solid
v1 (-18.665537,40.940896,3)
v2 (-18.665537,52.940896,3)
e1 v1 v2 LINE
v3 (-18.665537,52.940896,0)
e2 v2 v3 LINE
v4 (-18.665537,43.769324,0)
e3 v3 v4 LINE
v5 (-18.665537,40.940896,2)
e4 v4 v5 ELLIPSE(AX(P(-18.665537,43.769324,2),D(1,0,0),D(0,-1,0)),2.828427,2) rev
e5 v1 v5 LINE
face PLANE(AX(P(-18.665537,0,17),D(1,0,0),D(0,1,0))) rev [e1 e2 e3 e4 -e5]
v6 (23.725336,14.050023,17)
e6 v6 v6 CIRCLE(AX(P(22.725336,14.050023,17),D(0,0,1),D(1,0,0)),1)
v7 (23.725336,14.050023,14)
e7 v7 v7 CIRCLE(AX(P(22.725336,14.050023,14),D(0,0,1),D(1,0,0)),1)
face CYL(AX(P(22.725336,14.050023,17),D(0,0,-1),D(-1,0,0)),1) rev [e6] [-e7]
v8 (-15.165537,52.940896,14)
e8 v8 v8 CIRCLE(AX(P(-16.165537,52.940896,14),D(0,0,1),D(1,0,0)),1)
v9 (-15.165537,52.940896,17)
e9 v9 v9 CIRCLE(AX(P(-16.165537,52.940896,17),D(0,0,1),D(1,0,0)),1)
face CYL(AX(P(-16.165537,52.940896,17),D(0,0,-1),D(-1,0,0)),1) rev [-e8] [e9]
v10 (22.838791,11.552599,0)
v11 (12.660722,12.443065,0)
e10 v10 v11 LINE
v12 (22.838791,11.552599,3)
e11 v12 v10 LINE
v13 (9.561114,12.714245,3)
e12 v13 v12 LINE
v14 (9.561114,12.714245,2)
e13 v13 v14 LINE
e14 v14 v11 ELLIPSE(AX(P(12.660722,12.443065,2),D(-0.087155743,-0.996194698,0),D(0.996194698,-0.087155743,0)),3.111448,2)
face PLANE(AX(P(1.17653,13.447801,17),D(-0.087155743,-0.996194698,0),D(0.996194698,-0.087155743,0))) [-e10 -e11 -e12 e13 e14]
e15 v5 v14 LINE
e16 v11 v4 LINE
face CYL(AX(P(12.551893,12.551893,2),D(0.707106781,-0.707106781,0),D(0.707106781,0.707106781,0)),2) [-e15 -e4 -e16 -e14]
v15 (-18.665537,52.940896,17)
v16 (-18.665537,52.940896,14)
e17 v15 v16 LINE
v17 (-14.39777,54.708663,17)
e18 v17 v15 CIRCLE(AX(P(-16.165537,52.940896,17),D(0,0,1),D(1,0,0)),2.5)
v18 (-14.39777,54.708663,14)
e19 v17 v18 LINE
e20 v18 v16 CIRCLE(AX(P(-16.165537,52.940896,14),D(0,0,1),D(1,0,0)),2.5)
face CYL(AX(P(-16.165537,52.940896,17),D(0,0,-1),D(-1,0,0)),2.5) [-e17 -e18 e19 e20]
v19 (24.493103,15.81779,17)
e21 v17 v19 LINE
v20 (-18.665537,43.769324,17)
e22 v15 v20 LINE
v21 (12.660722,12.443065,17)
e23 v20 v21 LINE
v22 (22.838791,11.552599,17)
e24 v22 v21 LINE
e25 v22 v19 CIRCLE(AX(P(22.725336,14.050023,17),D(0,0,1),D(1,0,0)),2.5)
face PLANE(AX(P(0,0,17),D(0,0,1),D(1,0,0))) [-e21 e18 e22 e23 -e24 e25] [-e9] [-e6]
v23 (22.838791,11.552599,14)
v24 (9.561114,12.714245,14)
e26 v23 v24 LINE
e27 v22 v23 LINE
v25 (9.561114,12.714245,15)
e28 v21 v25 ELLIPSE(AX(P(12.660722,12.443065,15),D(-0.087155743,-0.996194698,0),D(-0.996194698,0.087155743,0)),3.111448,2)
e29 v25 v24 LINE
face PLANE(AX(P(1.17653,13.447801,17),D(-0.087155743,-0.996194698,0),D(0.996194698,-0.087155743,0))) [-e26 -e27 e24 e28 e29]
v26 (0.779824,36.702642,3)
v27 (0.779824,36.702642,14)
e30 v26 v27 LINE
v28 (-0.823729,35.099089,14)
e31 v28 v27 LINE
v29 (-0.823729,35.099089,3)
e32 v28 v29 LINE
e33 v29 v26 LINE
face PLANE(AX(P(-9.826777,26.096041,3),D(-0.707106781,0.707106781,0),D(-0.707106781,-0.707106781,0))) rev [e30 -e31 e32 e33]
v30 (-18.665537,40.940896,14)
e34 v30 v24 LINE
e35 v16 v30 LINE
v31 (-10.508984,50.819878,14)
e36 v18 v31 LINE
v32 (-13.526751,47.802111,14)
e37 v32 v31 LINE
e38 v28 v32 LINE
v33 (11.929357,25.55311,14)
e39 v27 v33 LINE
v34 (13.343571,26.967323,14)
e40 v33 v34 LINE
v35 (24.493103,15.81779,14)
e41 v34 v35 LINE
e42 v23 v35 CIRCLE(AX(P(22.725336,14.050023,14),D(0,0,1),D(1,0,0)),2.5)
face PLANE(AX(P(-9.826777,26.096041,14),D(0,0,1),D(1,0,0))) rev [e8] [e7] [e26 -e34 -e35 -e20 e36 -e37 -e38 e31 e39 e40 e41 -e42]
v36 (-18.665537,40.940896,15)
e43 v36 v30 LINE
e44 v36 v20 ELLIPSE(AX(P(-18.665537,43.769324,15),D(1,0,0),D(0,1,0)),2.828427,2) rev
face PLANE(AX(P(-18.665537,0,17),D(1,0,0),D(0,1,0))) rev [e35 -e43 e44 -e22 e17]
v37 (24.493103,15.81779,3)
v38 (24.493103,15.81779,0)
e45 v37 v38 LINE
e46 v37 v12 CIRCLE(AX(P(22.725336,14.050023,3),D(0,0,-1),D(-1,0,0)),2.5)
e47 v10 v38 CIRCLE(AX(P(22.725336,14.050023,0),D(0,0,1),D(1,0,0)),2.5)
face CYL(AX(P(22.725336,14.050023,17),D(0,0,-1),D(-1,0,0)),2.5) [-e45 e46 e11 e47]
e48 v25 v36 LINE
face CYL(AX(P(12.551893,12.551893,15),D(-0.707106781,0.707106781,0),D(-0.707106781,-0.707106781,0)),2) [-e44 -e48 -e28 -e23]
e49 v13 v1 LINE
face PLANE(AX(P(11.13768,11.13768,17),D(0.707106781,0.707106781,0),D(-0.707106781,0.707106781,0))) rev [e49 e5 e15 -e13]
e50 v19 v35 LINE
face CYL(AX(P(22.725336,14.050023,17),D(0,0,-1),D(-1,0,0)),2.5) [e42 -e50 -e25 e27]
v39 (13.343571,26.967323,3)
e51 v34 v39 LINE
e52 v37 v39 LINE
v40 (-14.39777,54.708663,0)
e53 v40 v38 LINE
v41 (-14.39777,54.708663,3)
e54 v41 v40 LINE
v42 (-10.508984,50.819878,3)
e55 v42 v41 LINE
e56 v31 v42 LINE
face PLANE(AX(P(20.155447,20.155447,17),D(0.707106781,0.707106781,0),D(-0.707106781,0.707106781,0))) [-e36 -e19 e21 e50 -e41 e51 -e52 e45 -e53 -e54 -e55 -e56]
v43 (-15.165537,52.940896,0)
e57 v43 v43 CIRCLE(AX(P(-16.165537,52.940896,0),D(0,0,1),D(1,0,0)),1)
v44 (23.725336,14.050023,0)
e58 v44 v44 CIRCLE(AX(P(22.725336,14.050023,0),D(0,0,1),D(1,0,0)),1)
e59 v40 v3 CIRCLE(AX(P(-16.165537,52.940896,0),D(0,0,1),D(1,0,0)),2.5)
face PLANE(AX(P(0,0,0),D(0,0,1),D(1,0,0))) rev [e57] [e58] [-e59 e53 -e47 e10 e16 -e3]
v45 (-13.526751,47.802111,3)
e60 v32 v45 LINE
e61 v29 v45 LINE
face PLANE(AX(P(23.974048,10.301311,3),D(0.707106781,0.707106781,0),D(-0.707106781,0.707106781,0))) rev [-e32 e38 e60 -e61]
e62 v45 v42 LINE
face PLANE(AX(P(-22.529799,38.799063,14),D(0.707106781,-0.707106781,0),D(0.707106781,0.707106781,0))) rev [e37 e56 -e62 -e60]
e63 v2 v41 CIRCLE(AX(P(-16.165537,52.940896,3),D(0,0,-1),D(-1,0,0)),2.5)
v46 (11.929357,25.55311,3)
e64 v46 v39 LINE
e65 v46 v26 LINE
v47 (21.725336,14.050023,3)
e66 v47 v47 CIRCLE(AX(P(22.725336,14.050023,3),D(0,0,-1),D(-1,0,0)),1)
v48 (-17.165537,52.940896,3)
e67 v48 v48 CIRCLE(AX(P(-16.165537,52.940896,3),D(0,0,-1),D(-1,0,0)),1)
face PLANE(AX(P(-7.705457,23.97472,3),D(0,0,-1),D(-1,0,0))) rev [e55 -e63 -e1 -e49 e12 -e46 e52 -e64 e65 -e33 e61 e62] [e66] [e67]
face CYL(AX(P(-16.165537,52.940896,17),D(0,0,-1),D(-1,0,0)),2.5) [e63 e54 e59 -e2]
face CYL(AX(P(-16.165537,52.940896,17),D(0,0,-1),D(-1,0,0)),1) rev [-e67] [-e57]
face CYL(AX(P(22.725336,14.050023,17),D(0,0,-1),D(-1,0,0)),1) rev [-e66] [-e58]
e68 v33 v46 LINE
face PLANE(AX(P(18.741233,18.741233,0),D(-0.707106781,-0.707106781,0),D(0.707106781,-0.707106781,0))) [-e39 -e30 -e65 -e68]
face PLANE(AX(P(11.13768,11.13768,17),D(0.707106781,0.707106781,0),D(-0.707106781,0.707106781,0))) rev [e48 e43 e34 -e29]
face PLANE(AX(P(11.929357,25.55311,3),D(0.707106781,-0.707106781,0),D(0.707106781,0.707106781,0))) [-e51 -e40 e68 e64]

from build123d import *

# Parameters (mm, degrees)
SKETCH1_R           = 1
BOSS_EXTRUDE1_DEPTH = 17
SKETCH2_W           = 17.330300869
SKETCH2_H           = 11
CUT_EXTRUDE1_DEPTH  = 17
SKETCH3_W           = 11
SKETCH3_H           = 11.611712882
CUT_EXTRUDE2_DEPTH  = 64.45501819
SKETCH4_W           = 11
SKETCH4_H           = 15.767820388
BOSS_EXTRUDE2_DEPTH = 2
FILLET1_R           = 2


with BuildPart() as part:
    # Sketch1 → Boss-Extrude1 (new body)
    with BuildSketch(Plane.XY):
        with BuildLine():
            Line((-18.665536599, 40.94089641), (-5.023709167, 27.299068978))
            Line((-5.023709167, 27.299068978), (9.56111442, 12.714245391))
            Line((9.56111442, 12.714245391), (22.179931818, 11.610241922))
            Line((22.179931818, 11.610241922), (22.83879138, 11.552599179))
            ThreePointArc((22.83879138, 11.552599179), (25.056154475, 13.145984205), (24.49310332, 15.817790397))
            Line((24.49310332, 15.817790397), (5.517505351, 34.793388366))
            Line((5.517505351, 34.793388366), (-14.397769646, 54.708663363))
            ThreePointArc((-14.397769646, 54.708663363), (-17.12224518, 55.250595241), (-18.665536599, 52.94089641))
            Line((-18.665536599, 52.94089641), (-18.665536599, 40.94089641))
        make_face()
        with Locations((22.725336367, 14.050023445)):
            Circle(SKETCH1_R, mode=Mode.SUBTRACT)
        with Locations((-16.165536599, 52.94089641)):
            Circle(SKETCH1_R, mode=Mode.SUBTRACT)
    extrude(amount=BOSS_EXTRUDE1_DEPTH)

    # Sketch2 → Cut-Extrude1 (cut)
    with BuildSketch(Plane(origin=(20.155446858, 20.155446858, 0), x_dir=(0.7071067811865516, -0.7071067811865436, 0), z_dir=(0.7071067811865436, 0.7071067811865516, 0))):
        Polygon((-22.401268179, -3), (-25.401268179, -3), (-25.401268179, -14), (31.236683476, -14), (31.236683476, -3), align=None)
        with Locations((-52.031204615, -8.5)):
            Rectangle(SKETCH2_W, SKETCH2_H)
    extrude(amount=-CUT_EXTRUDE1_DEPTH, mode=Mode.SUBTRACT)

    # Sketch3 → Cut-Extrude2 (cut, through all)
    with BuildSketch(Plane(origin=(-30.664430984, 30.664430984, 0), x_dir=(0, 0, 1), z_dir=(-0.7071067811865515, 0.7071067811865437, 0))):
        with Locations((8.5, 18.430482909)):
            Rectangle(SKETCH3_W, SKETCH3_H)
    extrude(amount=-CUT_EXTRUDE2_DEPTH, mode=Mode.SUBTRACT)

    # Sketch4 → Boss-Extrude2 (add)
    with BuildSketch(Plane(origin=(20.155446858, 20.155446858, 0), x_dir=(0, 0, -1), z_dir=(0.7071067811865435, 0.7071067811865516, 0))):
        with Locations((-8.5, 17.517357985)):
            Rectangle(SKETCH4_W, SKETCH4_H)
    extrude(amount=-BOSS_EXTRUDE2_DEPTH)

    # Fillet1
    fillet1_edges = [part.edges().sort_by_distance(p)[0] for p in [
        (-4.55221109, 26.827570901, 17),
        (-4.55221109, 26.827570901, 0),
    ]]
    fillet(fillet1_edges, radius=FILLET1_R)


solid = part.part
